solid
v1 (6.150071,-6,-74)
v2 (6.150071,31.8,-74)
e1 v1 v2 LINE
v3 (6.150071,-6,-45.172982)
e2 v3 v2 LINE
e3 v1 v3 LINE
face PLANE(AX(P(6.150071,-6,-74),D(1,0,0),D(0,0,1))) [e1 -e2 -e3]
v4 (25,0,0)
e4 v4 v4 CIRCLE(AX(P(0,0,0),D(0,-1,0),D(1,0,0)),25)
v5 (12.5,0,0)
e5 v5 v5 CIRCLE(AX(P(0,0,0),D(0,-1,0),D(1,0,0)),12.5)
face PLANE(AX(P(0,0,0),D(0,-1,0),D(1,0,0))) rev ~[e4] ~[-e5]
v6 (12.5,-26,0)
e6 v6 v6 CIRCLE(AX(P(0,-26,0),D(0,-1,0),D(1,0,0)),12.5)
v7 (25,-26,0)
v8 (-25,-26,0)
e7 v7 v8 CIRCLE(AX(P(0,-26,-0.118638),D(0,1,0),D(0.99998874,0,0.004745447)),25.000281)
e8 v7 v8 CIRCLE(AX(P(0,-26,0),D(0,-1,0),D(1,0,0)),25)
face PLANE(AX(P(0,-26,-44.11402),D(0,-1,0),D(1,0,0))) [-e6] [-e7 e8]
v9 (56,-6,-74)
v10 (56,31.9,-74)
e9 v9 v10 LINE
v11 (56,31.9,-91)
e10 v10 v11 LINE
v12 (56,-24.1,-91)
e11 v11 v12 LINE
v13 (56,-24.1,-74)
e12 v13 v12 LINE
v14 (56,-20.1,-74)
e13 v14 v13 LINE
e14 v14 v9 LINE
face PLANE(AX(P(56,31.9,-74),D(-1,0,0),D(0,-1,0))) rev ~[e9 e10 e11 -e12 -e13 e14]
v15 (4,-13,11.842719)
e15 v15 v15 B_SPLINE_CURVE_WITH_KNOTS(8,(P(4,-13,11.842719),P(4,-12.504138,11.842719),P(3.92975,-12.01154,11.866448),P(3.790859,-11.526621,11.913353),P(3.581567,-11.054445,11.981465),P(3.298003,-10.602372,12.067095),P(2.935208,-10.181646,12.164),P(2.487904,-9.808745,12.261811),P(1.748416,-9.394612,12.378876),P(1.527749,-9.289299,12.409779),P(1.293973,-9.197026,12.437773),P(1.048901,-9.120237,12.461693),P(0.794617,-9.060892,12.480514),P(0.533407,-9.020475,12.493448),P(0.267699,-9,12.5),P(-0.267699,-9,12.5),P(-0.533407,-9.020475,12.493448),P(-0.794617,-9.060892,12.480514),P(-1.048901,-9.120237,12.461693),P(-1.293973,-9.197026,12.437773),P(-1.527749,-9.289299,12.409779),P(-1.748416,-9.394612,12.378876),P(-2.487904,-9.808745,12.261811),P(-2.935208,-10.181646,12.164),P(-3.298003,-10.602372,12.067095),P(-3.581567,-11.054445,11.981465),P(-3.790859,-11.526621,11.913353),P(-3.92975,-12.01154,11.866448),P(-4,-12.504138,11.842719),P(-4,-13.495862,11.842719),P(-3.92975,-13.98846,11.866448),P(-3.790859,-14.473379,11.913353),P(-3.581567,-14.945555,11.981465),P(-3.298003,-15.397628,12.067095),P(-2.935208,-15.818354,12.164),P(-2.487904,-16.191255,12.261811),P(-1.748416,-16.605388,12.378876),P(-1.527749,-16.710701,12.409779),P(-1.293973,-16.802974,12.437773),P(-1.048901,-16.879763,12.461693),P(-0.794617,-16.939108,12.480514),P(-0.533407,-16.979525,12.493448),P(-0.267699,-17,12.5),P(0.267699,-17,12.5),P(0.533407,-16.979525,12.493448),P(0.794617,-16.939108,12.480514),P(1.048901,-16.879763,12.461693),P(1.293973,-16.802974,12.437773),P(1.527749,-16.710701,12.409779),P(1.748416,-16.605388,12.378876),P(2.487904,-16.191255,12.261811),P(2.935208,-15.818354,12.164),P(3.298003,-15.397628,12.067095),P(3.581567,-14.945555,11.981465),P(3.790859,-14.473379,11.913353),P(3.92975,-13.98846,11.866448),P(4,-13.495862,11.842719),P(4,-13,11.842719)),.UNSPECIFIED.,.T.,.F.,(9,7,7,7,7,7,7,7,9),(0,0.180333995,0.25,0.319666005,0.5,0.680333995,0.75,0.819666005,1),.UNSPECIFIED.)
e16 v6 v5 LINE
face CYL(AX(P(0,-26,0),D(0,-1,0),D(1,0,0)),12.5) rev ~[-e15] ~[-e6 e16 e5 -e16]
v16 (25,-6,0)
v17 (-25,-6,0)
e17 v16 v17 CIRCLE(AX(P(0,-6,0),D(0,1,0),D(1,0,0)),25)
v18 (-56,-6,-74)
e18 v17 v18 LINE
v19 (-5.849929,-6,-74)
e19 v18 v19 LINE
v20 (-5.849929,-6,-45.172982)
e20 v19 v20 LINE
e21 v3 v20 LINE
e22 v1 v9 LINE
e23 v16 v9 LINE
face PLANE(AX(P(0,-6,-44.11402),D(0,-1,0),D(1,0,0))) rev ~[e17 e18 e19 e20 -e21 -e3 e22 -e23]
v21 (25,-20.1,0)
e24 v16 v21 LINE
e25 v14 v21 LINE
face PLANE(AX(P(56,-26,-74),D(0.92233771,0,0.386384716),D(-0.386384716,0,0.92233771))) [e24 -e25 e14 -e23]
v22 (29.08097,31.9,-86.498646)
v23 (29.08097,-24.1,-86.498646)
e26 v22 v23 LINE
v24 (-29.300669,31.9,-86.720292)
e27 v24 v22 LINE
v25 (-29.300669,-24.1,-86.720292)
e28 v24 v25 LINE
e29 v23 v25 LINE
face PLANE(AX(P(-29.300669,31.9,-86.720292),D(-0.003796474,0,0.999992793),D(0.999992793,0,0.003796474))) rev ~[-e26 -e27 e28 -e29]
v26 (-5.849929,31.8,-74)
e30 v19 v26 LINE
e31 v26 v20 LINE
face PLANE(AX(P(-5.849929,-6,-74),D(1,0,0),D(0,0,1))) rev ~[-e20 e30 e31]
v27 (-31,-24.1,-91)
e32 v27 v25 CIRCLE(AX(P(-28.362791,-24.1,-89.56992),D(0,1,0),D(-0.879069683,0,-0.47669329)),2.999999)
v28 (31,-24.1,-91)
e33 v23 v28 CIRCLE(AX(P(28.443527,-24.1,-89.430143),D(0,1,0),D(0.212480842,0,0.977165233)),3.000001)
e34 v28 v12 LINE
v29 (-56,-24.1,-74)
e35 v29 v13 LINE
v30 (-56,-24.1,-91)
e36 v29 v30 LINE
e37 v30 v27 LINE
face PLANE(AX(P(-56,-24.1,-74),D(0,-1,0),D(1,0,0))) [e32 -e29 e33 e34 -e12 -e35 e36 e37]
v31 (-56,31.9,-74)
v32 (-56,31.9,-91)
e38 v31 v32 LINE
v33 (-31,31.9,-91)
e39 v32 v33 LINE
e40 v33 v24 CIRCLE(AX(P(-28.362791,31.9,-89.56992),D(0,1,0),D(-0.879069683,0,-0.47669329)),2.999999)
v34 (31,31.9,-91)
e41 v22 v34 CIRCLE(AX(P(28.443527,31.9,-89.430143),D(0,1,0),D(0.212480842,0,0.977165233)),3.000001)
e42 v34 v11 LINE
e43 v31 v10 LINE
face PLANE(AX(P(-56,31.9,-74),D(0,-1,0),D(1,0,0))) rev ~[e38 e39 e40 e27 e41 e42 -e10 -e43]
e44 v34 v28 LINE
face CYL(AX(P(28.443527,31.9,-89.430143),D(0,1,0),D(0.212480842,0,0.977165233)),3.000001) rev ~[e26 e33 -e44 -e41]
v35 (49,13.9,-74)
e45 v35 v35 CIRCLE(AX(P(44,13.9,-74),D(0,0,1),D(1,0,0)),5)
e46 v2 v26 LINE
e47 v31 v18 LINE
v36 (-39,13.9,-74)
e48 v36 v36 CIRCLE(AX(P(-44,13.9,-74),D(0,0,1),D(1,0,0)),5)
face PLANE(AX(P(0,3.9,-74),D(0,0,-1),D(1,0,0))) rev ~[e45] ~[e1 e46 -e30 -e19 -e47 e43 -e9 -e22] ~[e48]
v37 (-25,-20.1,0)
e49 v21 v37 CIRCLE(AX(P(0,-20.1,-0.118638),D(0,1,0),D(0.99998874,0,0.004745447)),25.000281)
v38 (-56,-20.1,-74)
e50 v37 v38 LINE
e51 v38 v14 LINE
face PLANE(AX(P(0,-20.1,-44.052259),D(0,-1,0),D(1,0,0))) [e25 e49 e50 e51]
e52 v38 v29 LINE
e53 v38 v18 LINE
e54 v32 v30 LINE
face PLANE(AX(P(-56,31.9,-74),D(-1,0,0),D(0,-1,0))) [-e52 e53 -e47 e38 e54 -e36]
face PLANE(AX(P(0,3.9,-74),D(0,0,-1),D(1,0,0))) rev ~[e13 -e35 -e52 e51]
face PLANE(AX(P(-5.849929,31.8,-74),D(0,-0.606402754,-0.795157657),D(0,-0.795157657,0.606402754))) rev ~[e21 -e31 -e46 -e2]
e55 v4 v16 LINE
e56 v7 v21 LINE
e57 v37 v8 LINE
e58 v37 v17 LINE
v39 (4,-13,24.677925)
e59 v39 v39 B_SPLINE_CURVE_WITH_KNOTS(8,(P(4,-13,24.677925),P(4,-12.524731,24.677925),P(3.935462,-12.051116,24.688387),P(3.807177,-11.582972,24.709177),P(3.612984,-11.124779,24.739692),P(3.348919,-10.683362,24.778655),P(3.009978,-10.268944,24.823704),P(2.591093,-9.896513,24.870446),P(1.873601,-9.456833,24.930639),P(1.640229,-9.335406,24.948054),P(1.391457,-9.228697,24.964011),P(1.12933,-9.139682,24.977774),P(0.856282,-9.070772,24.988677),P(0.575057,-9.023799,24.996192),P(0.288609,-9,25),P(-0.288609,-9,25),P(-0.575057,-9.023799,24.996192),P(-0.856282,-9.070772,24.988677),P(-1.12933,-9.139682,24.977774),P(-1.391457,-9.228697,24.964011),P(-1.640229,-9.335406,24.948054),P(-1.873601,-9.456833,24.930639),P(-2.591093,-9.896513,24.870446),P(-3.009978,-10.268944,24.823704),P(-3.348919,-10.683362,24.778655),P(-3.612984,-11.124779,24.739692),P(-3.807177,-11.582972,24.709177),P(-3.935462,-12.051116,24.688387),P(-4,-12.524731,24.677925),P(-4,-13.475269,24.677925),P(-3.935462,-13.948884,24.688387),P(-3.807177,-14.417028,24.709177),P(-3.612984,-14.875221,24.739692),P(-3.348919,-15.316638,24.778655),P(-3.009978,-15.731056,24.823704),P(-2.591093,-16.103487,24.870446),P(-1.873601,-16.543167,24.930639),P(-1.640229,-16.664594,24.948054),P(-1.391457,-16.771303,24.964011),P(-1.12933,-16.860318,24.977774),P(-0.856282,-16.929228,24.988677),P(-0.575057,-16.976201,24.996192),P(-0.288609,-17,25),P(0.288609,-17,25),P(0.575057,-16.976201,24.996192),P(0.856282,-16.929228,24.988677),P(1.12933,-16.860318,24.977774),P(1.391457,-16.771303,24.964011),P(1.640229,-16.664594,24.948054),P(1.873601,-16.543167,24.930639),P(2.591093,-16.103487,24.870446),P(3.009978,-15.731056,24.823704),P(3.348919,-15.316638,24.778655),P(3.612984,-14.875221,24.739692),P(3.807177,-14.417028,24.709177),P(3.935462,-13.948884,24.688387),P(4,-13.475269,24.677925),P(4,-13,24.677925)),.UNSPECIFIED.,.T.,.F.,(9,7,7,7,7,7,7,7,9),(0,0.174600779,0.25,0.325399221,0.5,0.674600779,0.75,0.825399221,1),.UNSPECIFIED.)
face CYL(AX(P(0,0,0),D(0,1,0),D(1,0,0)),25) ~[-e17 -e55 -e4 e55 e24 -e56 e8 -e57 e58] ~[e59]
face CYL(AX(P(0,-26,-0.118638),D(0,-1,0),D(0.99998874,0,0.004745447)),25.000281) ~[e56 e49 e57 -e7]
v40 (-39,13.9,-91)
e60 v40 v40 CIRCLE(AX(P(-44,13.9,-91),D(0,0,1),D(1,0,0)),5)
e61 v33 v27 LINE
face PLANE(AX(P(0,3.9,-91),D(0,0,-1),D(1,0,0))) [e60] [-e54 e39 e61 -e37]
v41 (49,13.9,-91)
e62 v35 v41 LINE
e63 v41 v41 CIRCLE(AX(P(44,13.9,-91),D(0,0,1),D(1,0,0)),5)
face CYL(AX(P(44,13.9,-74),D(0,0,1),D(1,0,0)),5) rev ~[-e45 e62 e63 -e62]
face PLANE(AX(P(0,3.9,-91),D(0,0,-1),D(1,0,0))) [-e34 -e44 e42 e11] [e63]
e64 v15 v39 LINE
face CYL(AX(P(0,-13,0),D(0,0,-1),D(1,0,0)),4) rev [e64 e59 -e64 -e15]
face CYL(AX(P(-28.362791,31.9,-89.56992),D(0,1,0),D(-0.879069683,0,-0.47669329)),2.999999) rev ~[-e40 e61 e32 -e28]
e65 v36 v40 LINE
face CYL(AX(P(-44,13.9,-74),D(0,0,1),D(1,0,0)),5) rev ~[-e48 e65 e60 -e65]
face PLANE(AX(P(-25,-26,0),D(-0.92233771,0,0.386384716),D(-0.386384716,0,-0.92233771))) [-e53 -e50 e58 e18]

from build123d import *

# Parameters (mm, degrees)
F0_R      = 25
F1_DEPTH  = 26
F3_DEPTH  = 20
F5_DEPTH  = 5.7
F7_DEPTH  = 5.9
F6_R      = 12.5
F8_DEPTH  = 26.001
F9_W      = 112
F9_H      = 56
F10_DEPTH = 17
F11_W     = 12
F11_H     = 28.827018
F12_DEPTH = 37.8
F14_DEPTH = 61.850929
F15_R     = 5
F16_DEPTH = 17.001
F18_DEPTH = 57.901
F19_R     = 4
F20_DEPTH = 25.001


with BuildPart() as f1:
    # F0 (on Front) → F1 (new body)
    with BuildSketch(Plane.XZ):
        Circle(F0_R)
    extrude(amount=F1_DEPTH)

    # F2 (on face) → F3 (join)
    with BuildSketch(Plane.XZ.offset(26)):
        Polygon((-25, 0), (-56, -74), (56, -74), (25, 0), align=None)
    extrude(amount=-F3_DEPTH)

    # F4 (on face) → F5 (cut)
    with BuildSketch(Plane.XZ.offset(26)):
        with BuildLine():
            ThreePointArc((25, 0), (0, -25.118919), (-25, 0))
            Line((-25, 0), (-56, -74))
            Line((-56, -74), (56, -74))
            Line((56, -74), (25, 0))
        make_face()
    extrude(amount=-F5_DEPTH, mode=Mode.SUBTRACT)

    # F4 (on face) → F7 (cut)
    with BuildSketch(Plane.XZ.offset(26)):
        with BuildLine():
            ThreePointArc((25, 0), (0, -25.118919), (-25, 0))
            Line((-25, 0), (-56, -74))
            Line((-56, -74), (56, -74))
            Line((56, -74), (25, 0))
        make_face()
    extrude(amount=-F7_DEPTH, mode=Mode.SUBTRACT)

    # F6 (on face) → F8 (cut, through all)
    with BuildSketch(Plane.XZ.offset(26)):
        Circle(F6_R)
    extrude(amount=-F8_DEPTH, mode=Mode.SUBTRACT)

    # F9 (on face) → F10 (join)
    with BuildSketch(Plane(origin=(0, 0, -74), x_dir=(1, 0, 0), z_dir=(0, 0, -1))):
        with Locations((0, -3.9)):
            Rectangle(F9_W, F9_H)
    extrude(amount=F10_DEPTH)

    # F11 (on face) → F12 (join)
    with BuildSketch(Plane(origin=(0, -6, 0), x_dir=(-1, 0, 0), z_dir=(0, 1, 0))):
        with Locations((-0.150071, -59.586491)):
            Rectangle(F11_W, F11_H)
    extrude(amount=F12_DEPTH)

    # F13 (on face) → F14 (cut, through all)
    with BuildSketch(Plane(origin=(-5.849929, 0, 0), x_dir=(0, -1, 0), z_dir=(-1, 0, 0))):
        Polygon((-31.8, -74), (6, -45.172982), (-31.8, -45.172982), align=None)
    extrude(amount=-F14_DEPTH, mode=Mode.SUBTRACT)

    # F15 (on face) → F16 (cut, through all)
    with BuildSketch(Plane.XY.offset(-74)):
        with Locations((-44, 13.9)):
            Circle(F15_R)
        with Locations((44, 13.9)):
            Circle(F15_R)
    extrude(amount=-F16_DEPTH, mode=Mode.SUBTRACT)

    # F17 (on face) → F18 (cut, through all)
    with BuildSketch(Plane(origin=(0, 31.9, 0), x_dir=(-1, 0, 0), z_dir=(0, 1, 0))):
        with BuildLine():
            Line((-31, -91), (31, -91))
            ThreePointArc((31, -91), (31.151032, -88.462802), (29.300669, -86.720292))
            Line((29.300669, -86.720292), (-29.08097, -86.498646))
            ThreePointArc((-29.08097, -86.498646), (-31.203205, -88.253629), (-31, -91))
        make_face()
    extrude(amount=-F18_DEPTH, mode=Mode.SUBTRACT)

    # F19 (on Top) → F20 (cut, through all)
    with BuildSketch(Plane.XY):
        with Locations((0, -13)):
            Circle(F19_R)
    extrude(amount=F20_DEPTH, mode=Mode.SUBTRACT)


solid = f1.part
